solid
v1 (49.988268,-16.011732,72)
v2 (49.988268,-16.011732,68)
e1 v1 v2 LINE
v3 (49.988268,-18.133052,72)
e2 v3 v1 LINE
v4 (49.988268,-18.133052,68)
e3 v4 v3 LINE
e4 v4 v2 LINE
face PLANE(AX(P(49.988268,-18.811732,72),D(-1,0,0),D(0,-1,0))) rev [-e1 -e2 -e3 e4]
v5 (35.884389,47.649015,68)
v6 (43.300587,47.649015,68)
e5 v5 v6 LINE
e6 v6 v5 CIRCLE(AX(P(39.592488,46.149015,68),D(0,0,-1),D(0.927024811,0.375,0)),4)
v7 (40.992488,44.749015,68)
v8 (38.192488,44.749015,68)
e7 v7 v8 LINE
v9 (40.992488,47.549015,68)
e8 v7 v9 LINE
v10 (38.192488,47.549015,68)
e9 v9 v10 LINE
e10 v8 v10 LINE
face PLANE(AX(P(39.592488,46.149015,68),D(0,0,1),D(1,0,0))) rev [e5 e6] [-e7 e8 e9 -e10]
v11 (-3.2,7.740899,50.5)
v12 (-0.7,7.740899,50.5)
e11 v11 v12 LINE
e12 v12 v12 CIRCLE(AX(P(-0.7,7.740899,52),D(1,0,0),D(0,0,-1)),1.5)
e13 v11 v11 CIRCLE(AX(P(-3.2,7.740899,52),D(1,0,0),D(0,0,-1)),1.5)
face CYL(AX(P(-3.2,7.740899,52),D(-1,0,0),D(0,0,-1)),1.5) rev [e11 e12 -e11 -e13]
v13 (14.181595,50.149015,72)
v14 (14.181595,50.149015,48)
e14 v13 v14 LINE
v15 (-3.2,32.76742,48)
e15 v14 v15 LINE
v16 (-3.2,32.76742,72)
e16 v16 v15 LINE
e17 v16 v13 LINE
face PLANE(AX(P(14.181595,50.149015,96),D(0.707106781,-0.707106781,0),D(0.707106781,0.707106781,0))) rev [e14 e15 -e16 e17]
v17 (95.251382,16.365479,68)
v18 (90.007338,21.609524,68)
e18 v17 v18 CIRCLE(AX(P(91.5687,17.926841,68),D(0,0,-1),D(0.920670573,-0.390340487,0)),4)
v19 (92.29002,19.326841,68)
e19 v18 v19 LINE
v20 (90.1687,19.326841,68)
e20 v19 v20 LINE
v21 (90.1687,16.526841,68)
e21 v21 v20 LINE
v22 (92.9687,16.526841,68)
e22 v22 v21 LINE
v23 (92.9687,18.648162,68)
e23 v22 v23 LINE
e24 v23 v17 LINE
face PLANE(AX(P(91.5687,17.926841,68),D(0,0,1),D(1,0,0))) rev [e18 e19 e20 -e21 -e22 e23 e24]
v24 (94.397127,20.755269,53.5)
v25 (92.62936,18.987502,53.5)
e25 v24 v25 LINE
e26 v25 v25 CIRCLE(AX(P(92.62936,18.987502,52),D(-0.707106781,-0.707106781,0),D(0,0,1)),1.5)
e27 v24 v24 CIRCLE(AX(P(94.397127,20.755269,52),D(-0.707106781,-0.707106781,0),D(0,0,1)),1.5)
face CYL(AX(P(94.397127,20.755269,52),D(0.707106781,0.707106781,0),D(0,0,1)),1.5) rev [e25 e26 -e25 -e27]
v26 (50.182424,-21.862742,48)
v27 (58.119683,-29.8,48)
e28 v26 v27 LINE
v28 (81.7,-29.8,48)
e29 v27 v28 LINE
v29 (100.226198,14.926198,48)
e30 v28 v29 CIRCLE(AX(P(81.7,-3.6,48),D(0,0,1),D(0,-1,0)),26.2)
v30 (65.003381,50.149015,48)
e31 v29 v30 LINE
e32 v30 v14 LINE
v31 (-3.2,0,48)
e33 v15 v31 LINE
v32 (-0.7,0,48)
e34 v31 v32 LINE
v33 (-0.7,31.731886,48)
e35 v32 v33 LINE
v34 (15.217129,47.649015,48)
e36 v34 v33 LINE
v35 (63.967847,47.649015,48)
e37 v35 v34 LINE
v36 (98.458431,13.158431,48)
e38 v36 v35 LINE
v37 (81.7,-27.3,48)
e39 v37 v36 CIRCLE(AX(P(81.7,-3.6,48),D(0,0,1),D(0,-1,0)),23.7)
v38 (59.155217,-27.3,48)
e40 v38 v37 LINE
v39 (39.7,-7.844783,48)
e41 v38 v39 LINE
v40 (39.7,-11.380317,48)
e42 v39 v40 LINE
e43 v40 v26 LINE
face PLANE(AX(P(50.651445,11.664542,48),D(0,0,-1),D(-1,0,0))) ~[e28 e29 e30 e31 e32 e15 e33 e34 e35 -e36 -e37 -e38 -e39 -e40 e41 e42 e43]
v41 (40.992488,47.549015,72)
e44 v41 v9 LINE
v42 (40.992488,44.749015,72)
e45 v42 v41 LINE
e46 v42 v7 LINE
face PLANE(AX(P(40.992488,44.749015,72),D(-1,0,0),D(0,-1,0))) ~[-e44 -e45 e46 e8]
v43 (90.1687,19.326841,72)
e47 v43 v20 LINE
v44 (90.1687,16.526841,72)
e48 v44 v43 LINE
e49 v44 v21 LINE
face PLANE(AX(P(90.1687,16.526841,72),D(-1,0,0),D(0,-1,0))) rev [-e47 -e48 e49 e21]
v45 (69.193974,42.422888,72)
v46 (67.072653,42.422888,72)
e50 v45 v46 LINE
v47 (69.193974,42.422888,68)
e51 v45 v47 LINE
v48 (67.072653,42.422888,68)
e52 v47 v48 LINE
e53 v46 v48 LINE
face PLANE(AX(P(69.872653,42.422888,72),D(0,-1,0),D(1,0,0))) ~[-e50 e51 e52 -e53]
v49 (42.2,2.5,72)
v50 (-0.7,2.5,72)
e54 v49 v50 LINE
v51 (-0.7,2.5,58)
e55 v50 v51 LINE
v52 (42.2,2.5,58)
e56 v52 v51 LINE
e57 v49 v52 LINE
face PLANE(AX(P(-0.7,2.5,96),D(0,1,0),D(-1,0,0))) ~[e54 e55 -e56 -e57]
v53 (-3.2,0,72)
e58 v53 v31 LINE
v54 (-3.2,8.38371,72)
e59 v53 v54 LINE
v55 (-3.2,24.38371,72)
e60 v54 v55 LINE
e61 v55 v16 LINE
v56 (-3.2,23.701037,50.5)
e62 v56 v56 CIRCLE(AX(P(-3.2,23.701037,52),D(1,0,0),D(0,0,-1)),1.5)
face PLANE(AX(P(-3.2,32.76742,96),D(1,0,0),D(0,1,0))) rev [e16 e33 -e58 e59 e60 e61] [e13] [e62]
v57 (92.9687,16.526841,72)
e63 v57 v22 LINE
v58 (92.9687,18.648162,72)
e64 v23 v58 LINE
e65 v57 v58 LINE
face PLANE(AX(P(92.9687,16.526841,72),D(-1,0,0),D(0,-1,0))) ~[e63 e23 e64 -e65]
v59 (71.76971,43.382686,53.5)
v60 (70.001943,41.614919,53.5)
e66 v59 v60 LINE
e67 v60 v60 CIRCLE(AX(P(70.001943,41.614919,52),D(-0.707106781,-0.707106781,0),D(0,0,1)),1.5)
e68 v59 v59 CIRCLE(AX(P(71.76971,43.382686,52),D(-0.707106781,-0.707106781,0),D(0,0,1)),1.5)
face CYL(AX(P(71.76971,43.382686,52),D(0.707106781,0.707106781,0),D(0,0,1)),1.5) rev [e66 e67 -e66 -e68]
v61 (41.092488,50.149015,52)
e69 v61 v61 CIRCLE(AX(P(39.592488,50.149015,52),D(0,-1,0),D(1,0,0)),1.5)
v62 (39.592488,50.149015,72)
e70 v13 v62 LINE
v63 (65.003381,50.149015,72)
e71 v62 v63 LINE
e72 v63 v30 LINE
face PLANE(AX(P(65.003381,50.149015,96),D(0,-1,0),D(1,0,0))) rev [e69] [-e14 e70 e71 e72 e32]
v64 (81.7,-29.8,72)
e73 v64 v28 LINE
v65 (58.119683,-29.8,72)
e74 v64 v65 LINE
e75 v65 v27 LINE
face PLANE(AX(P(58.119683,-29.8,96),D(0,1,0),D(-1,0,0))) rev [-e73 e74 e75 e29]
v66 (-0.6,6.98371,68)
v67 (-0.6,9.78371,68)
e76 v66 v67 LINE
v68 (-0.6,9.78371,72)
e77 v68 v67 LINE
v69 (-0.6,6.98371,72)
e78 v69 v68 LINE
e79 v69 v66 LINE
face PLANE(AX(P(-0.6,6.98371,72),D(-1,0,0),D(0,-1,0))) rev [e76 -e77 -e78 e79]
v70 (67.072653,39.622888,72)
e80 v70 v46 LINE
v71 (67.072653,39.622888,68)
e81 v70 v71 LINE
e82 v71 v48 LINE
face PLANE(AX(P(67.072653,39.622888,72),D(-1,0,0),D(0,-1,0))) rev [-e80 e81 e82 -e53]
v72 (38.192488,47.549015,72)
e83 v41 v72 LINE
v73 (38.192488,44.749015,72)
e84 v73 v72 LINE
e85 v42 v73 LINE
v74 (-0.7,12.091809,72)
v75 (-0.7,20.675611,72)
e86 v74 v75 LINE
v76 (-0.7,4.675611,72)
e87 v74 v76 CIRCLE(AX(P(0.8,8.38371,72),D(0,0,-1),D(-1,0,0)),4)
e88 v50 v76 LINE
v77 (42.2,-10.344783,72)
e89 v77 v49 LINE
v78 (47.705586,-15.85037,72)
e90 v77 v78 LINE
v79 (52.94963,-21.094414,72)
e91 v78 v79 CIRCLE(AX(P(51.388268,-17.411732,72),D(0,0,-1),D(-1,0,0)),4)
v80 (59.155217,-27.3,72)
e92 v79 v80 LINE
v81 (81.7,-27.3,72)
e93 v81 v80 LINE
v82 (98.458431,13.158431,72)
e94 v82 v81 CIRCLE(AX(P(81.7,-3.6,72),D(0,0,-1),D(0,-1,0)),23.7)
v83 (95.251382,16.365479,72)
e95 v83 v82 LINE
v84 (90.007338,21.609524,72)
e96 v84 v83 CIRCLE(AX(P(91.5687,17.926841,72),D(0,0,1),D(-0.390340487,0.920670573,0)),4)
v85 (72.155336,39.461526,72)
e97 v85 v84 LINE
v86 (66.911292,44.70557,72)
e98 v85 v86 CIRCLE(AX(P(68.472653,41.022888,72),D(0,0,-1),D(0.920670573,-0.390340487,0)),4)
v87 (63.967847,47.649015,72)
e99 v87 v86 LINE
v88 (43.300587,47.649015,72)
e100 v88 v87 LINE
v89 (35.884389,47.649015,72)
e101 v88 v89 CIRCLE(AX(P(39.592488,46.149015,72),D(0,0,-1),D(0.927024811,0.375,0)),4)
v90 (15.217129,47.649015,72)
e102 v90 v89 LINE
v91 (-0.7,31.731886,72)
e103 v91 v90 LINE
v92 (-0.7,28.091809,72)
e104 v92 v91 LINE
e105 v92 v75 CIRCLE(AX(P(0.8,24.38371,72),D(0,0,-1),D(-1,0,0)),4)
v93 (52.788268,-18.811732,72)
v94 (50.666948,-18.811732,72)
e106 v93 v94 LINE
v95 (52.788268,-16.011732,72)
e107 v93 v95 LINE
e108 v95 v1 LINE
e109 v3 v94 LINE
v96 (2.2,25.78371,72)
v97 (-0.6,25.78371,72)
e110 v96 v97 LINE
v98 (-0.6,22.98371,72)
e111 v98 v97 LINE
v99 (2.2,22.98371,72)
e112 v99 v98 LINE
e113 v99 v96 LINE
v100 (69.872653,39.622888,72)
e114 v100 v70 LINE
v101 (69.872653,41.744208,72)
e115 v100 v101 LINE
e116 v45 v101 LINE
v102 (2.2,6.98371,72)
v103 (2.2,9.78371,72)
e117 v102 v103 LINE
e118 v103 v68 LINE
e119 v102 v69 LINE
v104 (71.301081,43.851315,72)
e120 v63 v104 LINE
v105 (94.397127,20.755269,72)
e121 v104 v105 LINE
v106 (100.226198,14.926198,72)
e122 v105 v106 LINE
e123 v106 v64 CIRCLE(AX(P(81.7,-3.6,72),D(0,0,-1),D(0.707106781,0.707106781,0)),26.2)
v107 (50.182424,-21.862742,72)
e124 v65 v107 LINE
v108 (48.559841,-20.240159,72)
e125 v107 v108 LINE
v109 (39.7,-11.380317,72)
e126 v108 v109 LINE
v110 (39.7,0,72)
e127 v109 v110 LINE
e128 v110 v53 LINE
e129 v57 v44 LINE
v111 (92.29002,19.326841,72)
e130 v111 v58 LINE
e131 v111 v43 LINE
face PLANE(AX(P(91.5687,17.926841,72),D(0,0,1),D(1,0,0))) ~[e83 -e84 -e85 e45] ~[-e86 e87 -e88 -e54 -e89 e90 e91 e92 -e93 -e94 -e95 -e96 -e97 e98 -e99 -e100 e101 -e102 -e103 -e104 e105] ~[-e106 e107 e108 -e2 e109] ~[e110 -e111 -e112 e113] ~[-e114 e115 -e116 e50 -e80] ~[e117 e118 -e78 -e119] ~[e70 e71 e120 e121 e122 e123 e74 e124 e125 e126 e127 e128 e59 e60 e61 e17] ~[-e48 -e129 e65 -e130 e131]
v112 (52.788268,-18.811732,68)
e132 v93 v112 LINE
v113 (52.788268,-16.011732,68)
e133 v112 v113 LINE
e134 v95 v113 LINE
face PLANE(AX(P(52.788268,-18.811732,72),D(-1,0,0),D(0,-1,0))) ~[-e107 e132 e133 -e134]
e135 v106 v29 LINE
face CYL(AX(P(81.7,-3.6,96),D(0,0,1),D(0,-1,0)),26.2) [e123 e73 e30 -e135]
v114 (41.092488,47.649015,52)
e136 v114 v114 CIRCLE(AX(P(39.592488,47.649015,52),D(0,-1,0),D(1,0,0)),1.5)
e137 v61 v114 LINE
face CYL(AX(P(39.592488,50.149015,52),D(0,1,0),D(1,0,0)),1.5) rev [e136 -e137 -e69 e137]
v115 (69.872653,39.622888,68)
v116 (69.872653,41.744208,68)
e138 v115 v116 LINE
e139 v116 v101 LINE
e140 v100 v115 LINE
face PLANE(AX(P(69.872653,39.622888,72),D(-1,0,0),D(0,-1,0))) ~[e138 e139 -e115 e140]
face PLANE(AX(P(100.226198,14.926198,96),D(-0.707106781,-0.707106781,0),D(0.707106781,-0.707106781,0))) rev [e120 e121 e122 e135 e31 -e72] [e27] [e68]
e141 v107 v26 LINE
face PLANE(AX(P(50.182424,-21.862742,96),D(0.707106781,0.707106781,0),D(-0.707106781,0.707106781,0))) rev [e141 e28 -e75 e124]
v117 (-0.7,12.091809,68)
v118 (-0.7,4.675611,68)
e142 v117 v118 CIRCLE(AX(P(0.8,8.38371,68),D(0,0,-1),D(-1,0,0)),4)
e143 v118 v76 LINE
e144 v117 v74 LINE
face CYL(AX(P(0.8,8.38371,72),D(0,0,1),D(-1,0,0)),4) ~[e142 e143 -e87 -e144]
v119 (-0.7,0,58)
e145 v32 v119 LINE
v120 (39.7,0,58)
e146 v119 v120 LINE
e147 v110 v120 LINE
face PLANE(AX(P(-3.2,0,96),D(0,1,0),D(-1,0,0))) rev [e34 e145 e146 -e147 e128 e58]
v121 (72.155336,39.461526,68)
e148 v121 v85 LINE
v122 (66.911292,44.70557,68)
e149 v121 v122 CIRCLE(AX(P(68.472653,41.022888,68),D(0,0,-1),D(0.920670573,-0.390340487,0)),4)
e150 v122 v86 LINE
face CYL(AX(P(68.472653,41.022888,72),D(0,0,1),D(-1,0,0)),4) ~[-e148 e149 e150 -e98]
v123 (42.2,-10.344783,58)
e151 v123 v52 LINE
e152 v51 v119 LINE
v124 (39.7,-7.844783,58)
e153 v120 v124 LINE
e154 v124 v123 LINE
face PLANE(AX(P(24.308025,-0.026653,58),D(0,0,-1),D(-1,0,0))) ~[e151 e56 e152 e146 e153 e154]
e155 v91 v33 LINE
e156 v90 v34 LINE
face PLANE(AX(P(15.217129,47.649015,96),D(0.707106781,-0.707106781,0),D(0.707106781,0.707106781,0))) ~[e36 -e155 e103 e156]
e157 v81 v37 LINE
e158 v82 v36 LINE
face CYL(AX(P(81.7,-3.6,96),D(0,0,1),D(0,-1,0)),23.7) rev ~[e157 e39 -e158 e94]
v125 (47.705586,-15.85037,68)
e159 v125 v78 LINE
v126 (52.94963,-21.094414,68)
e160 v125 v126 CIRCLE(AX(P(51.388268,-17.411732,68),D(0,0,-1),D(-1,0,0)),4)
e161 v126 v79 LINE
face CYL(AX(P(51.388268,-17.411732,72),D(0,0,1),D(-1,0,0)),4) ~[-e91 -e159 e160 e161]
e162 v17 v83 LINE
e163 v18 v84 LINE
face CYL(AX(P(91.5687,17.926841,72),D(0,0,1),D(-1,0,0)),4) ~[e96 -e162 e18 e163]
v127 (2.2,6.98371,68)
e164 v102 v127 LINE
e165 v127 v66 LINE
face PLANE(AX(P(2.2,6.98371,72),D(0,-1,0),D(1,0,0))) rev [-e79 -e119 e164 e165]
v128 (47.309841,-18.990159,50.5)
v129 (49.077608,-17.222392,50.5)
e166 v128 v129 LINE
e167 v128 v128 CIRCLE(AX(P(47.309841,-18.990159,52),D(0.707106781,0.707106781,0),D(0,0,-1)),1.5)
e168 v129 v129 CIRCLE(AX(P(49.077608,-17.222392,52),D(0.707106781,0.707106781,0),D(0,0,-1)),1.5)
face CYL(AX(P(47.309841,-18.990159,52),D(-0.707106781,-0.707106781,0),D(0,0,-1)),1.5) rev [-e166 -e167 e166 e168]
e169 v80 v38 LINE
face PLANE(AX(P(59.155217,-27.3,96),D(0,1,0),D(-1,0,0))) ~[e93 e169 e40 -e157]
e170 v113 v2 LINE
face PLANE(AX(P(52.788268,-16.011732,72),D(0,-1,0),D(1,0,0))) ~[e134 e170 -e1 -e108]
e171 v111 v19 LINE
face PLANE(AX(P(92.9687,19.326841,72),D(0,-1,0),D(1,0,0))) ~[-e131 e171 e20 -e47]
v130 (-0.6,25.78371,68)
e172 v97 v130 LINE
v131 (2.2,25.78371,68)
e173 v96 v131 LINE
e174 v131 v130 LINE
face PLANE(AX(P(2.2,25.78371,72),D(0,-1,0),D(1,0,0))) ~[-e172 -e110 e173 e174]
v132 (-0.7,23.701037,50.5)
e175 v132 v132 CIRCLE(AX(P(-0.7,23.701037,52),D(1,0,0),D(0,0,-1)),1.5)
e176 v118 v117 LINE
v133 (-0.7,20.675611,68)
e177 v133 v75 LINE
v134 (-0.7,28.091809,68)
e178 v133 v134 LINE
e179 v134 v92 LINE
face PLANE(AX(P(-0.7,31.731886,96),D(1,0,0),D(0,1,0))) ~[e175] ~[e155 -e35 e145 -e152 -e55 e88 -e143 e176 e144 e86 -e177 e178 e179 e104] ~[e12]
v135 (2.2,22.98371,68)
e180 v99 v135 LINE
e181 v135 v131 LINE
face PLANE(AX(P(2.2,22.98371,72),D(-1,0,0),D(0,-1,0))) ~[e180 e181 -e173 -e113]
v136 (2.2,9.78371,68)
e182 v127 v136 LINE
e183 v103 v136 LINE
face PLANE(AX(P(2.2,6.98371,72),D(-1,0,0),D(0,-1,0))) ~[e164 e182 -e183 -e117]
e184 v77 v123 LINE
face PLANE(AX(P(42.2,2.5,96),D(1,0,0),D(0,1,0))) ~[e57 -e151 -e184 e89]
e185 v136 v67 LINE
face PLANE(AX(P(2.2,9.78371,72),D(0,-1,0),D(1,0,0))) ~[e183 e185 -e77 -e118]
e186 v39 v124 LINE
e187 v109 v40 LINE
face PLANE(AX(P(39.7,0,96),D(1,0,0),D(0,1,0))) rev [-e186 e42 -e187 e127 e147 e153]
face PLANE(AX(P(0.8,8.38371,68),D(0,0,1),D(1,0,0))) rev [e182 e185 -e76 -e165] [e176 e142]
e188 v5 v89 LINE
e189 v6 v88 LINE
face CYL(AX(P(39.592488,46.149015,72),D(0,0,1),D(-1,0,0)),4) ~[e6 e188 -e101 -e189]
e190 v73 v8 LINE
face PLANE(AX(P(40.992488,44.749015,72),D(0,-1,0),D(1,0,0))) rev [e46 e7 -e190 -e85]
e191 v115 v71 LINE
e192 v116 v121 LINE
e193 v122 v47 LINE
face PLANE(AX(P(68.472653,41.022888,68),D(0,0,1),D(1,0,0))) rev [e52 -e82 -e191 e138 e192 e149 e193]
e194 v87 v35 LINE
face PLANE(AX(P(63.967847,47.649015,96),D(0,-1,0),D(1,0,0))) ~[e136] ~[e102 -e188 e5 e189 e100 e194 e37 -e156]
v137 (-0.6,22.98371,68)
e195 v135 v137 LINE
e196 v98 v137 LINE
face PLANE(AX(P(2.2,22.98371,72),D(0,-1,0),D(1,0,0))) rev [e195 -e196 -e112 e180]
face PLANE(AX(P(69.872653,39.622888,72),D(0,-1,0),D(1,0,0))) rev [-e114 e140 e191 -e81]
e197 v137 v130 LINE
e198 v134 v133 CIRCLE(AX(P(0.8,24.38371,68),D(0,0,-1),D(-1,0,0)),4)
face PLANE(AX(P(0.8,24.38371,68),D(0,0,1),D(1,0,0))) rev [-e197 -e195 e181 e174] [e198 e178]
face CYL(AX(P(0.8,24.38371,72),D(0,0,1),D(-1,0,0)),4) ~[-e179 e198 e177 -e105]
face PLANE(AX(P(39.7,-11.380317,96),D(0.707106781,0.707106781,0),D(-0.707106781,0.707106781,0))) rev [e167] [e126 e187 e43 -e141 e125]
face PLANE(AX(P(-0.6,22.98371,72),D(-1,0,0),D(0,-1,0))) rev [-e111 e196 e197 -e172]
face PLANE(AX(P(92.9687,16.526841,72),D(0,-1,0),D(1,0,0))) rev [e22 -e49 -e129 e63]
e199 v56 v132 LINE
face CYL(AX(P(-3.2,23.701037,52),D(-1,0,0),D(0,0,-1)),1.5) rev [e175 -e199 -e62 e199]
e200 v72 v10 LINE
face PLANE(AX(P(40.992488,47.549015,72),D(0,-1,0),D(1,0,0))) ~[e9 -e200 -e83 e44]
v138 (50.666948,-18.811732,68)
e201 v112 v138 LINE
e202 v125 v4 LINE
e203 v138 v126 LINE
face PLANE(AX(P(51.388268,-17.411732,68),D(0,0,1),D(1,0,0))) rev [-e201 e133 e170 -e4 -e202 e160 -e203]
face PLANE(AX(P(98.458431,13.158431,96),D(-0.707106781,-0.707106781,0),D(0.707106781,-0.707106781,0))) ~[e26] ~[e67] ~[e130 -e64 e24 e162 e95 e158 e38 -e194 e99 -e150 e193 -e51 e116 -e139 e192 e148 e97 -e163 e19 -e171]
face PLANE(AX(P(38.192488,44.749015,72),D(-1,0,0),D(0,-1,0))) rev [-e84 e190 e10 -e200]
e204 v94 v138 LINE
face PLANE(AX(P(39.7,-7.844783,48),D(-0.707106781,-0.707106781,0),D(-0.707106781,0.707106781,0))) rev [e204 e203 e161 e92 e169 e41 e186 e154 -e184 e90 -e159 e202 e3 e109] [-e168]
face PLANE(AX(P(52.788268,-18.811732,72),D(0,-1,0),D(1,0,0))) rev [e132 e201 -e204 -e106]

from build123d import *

# Parameters (mm, degrees)
RESSALTO_EXTRUS_O1_DEPTH = 48
ESBO_O12_R               = 1.5
CORTE_EXTRUS_O10_DEPTH   = 10
ESBO_O13_R               = 1.5
CORTE_EXTRUS_O11_DEPTH   = 10
ESBO_O14_R               = 1.5
CORTE_EXTRUS_O12_DEPTH   = 10
ESBO_O15_R               = 1.5
CORTE_EXTRUS_O13_DEPTH   = 10
CORTE_EXTRUS_O14_DEPTH   = 10
CORTE_EXTRUS_O15_DEPTH   = 24
ESBO_O17_R               = 4
ESBO_O17_W               = 2.8
ESBO_O17_H               = 2.8
RESSALTO_EXTRUS_O2_DEPTH = 4
CORTE_EXTRUS_O16_DEPTH   = 24


with BuildPart() as part:
    # Model → Ressalto-extrusão1 (new body)
    with BuildSketch(Plane.XY):
        with BuildLine():
            Line((-0.7, 0), (39, 0))
            Line((39, 0), (39.7, 0))
            Line((39.7, 0), (39.7, -11.380317396))
            Line((39.7, -11.380317396), (50.182424304, -21.8627417))
            Line((50.182424304, -21.8627417), (58.119682605, -29.8))
            Line((58.119682605, -29.8), (81.7, -29.8))
            ThreePointArc((81.7, -29.8), (105.905643752, -13.626305928), (100.226197667, 14.926197667))
            Line((100.226197667, 14.926197667), (65.00338056, 50.149014774))
            Line((65.00338056, 50.149014774), (50.111140335, 50.149014774))
            Line((50.111140335, 50.149014774), (14.181595121, 50.149014774))
            Line((14.181595121, 50.149014774), (-3.2, 32.767419653))
            Line((-3.2, 32.767419653), (-3.2, 5))
            Line((-3.2, 5), (-3.2, 0))
            Line((-3.2, 0), (-0.7, 0))
        make_face()
        with BuildLine():
            Line((-0.7, 2.5), (39, 2.5))
            Line((39, 2.5), (39.7, 2.5))
            Line((39.7, 2.5), (42.2, 2.5))
            Line((42.2, 2.5), (42.2, -10.34478349))
            Line((42.2, -10.34478349), (51.950191257, -20.094974747))
            Line((51.950191257, -20.094974747), (59.15521651, -27.3))
            Line((59.15521651, -27.3), (81.7, -27.3))
            ThreePointArc((81.7, -27.3), (103.595944921, -12.669597347), (98.458430714, 13.158430714))
            Line((98.458430714, 13.158430714), (63.967846654, 47.649014774))
            Line((63.967846654, 47.649014774), (50.111140335, 47.649014774))
            Line((50.111140335, 47.649014774), (15.217129027, 47.649014774))
            Line((15.217129027, 47.649014774), (-0.7, 31.731885747))
            Line((-0.7, 31.731885747), (-0.7, 2.5))
        make_face(mode=Mode.SUBTRACT)
    extrude(amount=RESSALTO_EXTRUS_O1_DEPTH)

    # Esboço12 → Corte-extrusão10 (cut)
    with BuildSketch(Plane(origin=(57.576197667, 57.576197667, 0), x_dir=(0, 0, -1), z_dir=(0.707106781, 0.707106781, 0))):
        with Locations((-44, -20.072657306)):
            Circle(ESBO_O12_R)
        with Locations((-44, -52.072657306)):
            Circle(ESBO_O12_R)
    extrude(amount=-CORTE_EXTRUS_O10_DEPTH, mode=Mode.SUBTRACT)

    # Esboço13 → Corte-extrusão11 (cut)
    with BuildSketch(Plane(origin=(0, 50.149014774, 0), x_dir=(1, 0, 0), z_dir=(0, 1, 0))):
        with Locations((39.59248784, -44)):
            Circle(ESBO_O13_R)
    extrude(amount=-CORTE_EXTRUS_O11_DEPTH, mode=Mode.SUBTRACT)

    # Esboço14 → Corte-extrusão12 (cut)
    with BuildSketch(Plane.ZY.offset(3.2)):
        with Locations((44, 23.701037279)):
            Circle(ESBO_O14_R)
        with Locations((44, 7.740898975)):
            Circle(ESBO_O14_R)
    extrude(amount=-CORTE_EXTRUS_O12_DEPTH, mode=Mode.SUBTRACT)

    # Esboço15 → Corte-extrusão13 (cut)
    with BuildSketch(Plane(origin=(14.159841302, 14.159841302, 0), x_dir=(0, 0, 1), z_dir=(-0.707106781, -0.707106781, 0))):
        with Locations((44, -46.881179593)):
            Circle(ESBO_O15_R)
    extrude(amount=-CORTE_EXTRUS_O13_DEPTH, mode=Mode.SUBTRACT)

    # Esboço16 → Corte-extrusão14 (cut)
    with BuildSketch(Plane.XY.offset(48)):
        Polygon((39.7, 0), (39.7, -7.84478349), (42.2, -10.34478349), (42.2, 2.5), (-0.7, 2.5), (-0.7, 0), align=None)
    extrude(amount=-CORTE_EXTRUS_O14_DEPTH, mode=Mode.SUBTRACT)

    # Esboço18 → Corte-extrusão15 (cut)
    with BuildSketch(Plane(origin=(0, 0, 0), x_dir=(-1, 0, 0), z_dir=(0, 0, -1))):
        with BuildLine():
            Line((-39.7, 0), (3.2, 0))
            Line((3.2, 0), (3.2, 32.767419653))
            Line((3.2, 32.767419653), (-14.181595121, 50.149014774))
            Line((-14.181595121, 50.149014774), (-65.00338056, 50.149014774))
            Line((-65.00338056, 50.149014774), (-100.226197667, 14.926197667))
            ThreePointArc((-100.226197667, 14.926197667), (-105.905643752, -13.626305928), (-81.7, -29.8))
            Line((-81.7, -29.8), (-58.119682605, -29.8))
            Line((-58.119682605, -29.8), (-39.7, -11.380317396))
            Line((-39.7, -11.380317396), (-39.7, 0))
        make_face()
    extrude(amount=-CORTE_EXTRUS_O15_DEPTH, mode=Mode.SUBTRACT)

    # Esboço17 → Ressalto-extrusão2 (add)
    with BuildSketch(Plane(origin=(0, 0, 24), x_dir=(-1, 0, 0), z_dir=(0, 0, -1))):
        with Locations((-91.568699638, 17.926841447)):
            Circle(ESBO_O17_R)
        with Locations((-91.568699638, 17.926841447)):
            Rectangle(ESBO_O17_W, ESBO_O17_H, mode=Mode.SUBTRACT)
        with Locations((-68.47265349, 41.022887595)):
            Circle(ESBO_O17_R)
        with Locations((-68.47265349, 41.022887595)):
            Rectangle(ESBO_O17_W, ESBO_O17_H, mode=Mode.SUBTRACT)
        with Locations((-39.59248784, 46.149014774)):
            Circle(ESBO_O17_R)
        with Locations((-39.59248784, 46.149014774)):
            Rectangle(ESBO_O17_W, ESBO_O17_H, mode=Mode.SUBTRACT)
        with Locations((-0.8, 24.383709827)):
            Circle(ESBO_O17_R)
        with Locations((-0.8, 24.383709827)):
            Rectangle(ESBO_O17_W, ESBO_O17_H, mode=Mode.SUBTRACT)
        with Locations((-0.8, 8.383709827)):
            Circle(ESBO_O17_R)
        with Locations((-0.8, 8.383709827)):
            Rectangle(ESBO_O17_W, ESBO_O17_H, mode=Mode.SUBTRACT)
        with Locations((-51.388268427, -17.411731573)):
            Circle(ESBO_O17_R)
        with Locations((-51.388268427, -17.411731573)):
            Rectangle(ESBO_O17_W, ESBO_O17_H, mode=Mode.SUBTRACT)
    extrude(amount=-RESSALTO_EXTRUS_O2_DEPTH)


with BuildPart() as body_2:
    # Espelhar2: mirrored copy
    add(part.part.mirror(Plane(origin=(81.7, -3.6, 48), x_dir=(1, 0, 0), z_dir=(0, 0, 1))))


with BuildPart() as part_1:
    add(part.part)

    # Esboço19 → Corte-extrusão16 (cut)
    with BuildSketch(Plane(origin=(0, 0, 24), x_dir=(-1, 0, 0), z_dir=(0, 0, -1))):
        with BuildLine():
            Line((-58.119682605, -29.8), (-39.7, -11.380317396))
            Line((-39.7, -11.380317396), (-39.7, 0))
            Line((-39.7, 0), (3.2, 0))
            Line((3.2, 0), (3.2, 32.767419653))
            Line((3.2, 32.767419653), (-14.181595121, 50.149014774))
            Line((-14.181595121, 50.149014774), (-65.00338056, 50.149014774))
            Line((-65.00338056, 50.149014774), (-100.226197667, 14.926197667))
            ThreePointArc((-100.226197667, 14.926197667), (-105.905643752, -13.626305928), (-81.7, -29.8))
            Line((-81.7, -29.8), (-58.119682605, -29.8))
        make_face()
    extrude(amount=-CORTE_EXTRUS_O16_DEPTH, mode=Mode.SUBTRACT)


solid = body_2.part
